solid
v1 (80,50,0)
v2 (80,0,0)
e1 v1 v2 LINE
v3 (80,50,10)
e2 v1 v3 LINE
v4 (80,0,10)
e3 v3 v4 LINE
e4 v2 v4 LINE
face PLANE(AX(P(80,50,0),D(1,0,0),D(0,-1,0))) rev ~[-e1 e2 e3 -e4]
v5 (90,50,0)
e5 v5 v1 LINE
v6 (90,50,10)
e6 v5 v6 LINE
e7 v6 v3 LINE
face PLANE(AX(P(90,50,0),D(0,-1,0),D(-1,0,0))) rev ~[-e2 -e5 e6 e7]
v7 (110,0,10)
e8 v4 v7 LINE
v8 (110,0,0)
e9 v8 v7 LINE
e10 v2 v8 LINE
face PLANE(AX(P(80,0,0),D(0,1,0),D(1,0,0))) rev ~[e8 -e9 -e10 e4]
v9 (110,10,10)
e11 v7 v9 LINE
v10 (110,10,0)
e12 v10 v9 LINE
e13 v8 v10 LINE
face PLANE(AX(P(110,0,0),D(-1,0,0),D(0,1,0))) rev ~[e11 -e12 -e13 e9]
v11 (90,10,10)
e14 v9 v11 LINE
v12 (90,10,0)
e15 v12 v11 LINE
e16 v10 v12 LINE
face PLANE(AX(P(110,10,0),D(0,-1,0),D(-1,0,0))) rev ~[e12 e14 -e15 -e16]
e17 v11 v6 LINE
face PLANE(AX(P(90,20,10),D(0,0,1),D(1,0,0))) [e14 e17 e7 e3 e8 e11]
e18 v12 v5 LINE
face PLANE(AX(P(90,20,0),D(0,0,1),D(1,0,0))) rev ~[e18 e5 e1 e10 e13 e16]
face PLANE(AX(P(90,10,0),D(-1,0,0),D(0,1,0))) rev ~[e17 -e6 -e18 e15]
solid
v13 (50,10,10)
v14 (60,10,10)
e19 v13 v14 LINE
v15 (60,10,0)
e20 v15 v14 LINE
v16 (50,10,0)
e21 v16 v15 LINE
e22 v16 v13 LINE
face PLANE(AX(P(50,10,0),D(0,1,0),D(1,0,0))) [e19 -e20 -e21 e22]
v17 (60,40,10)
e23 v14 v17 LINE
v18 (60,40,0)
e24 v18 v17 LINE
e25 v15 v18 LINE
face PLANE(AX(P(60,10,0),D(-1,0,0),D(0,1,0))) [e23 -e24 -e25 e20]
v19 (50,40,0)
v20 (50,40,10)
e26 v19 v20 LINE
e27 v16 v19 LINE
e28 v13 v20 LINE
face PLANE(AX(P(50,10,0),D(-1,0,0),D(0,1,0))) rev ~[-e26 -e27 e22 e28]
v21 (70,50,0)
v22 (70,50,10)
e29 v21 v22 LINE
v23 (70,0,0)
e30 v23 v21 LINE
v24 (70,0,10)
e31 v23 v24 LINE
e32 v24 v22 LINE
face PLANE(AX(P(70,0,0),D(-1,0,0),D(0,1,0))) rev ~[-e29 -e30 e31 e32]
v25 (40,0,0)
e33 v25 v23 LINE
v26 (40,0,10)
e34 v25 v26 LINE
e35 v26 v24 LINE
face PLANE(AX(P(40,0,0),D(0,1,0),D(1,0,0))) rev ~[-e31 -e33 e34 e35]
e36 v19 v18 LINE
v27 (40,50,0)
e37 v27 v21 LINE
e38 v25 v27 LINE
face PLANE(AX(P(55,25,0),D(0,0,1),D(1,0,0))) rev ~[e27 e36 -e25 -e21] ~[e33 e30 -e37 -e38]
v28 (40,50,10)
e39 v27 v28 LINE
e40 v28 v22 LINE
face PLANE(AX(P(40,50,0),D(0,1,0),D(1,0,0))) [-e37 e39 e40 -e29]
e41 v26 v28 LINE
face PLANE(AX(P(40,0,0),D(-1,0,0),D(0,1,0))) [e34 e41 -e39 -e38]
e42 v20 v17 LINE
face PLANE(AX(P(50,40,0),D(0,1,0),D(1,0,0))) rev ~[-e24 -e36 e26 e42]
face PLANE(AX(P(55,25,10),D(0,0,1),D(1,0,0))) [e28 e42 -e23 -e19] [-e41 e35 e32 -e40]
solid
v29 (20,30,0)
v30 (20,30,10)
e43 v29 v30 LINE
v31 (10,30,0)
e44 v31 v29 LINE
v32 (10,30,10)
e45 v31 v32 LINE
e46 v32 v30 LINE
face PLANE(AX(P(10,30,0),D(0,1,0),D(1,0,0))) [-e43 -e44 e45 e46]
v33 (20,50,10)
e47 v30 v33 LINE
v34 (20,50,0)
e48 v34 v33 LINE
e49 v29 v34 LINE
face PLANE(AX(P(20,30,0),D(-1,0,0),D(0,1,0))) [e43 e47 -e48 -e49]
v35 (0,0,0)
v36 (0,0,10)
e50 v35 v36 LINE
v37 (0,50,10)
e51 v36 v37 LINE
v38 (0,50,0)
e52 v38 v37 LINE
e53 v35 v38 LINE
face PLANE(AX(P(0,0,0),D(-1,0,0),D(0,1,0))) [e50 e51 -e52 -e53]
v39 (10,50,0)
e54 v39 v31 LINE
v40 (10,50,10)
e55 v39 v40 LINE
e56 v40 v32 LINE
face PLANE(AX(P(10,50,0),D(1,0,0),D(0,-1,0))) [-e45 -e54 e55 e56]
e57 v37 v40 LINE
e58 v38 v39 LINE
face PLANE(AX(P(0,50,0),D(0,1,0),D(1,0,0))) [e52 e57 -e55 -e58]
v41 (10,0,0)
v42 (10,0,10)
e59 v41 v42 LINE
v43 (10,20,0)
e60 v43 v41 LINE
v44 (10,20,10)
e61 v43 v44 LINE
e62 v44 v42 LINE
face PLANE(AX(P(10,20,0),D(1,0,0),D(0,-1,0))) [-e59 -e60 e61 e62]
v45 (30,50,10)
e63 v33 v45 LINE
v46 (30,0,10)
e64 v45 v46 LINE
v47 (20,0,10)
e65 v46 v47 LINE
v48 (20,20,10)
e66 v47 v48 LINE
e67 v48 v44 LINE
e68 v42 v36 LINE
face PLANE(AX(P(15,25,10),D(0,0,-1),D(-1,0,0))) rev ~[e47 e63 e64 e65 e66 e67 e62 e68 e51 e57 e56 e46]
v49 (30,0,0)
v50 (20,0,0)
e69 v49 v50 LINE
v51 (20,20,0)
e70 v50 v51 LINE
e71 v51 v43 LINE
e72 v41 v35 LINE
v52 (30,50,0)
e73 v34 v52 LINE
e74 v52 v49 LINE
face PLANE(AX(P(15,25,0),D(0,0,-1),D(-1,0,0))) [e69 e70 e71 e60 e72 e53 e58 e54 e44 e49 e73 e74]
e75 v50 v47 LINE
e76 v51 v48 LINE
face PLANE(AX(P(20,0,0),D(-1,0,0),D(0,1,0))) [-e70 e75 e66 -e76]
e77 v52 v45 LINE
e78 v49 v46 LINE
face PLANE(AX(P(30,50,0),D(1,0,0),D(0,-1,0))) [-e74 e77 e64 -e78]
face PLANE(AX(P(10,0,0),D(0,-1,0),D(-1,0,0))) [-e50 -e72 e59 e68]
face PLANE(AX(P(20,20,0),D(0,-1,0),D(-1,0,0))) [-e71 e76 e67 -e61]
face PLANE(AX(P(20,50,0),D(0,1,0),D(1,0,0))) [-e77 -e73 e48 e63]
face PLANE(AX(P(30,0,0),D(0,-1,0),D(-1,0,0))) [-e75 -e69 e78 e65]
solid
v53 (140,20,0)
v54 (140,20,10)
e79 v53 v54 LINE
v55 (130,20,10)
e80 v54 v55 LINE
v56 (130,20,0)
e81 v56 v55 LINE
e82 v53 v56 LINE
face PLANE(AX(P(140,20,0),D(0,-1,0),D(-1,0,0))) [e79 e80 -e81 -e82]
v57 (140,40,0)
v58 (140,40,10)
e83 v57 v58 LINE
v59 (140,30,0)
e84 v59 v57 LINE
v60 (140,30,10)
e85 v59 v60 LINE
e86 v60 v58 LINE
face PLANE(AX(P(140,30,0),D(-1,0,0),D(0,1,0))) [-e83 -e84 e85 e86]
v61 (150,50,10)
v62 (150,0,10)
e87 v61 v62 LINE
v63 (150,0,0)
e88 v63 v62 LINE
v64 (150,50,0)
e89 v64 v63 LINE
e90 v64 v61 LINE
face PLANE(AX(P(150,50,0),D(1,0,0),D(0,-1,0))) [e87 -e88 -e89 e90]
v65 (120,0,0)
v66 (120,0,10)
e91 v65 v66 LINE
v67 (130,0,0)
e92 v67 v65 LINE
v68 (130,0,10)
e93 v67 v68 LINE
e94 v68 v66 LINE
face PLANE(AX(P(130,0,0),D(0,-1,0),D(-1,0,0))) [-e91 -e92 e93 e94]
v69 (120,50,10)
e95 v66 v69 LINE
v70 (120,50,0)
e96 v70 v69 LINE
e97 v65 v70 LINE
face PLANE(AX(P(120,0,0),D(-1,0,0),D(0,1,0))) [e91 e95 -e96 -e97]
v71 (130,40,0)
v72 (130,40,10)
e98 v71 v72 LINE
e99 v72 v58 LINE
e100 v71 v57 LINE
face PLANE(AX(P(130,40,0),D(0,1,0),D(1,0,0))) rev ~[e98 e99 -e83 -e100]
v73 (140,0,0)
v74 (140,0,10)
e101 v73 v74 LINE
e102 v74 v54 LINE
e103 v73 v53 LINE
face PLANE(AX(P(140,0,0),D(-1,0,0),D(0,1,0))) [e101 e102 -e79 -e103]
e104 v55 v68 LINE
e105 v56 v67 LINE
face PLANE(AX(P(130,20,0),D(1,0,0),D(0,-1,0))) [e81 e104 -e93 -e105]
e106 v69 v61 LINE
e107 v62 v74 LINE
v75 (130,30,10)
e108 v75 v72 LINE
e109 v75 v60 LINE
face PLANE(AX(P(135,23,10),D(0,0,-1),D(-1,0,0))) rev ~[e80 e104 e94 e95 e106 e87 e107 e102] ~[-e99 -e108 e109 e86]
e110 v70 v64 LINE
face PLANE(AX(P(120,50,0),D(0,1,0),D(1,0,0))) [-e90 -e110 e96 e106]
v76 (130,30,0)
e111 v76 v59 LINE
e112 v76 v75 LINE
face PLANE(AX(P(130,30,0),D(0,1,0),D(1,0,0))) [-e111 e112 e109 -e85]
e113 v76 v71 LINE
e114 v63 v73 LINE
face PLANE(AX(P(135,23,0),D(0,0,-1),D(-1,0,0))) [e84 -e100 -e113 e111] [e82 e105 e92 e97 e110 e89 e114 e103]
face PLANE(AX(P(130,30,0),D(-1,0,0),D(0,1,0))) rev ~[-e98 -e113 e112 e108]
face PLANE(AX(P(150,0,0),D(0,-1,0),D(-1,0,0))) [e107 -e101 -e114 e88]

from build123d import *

# Parameters (mm, degrees)
PAD002_DEPTH  = 10
SKETCH001_W   = 30
SKETCH001_H   = 50
SKETCH001_W_2 = 10
SKETCH001_H_2 = 30
PAD001_DEPTH  = 10
PAD003_DEPTH  = 10
SKETCH003_W   = 10
SKETCH003_H   = 10
PAD_DEPTH     = 10


with BuildPart() as h001:
    # Sketch → Pad002 (new body)
    with BuildSketch(Plane.XY):
        Polygon((0, 0), (0, 50), (10, 50), (10, 30), (20, 30), (20, 50), (30, 50), (30, 0), (20, 0), (20, 20), (10, 20), (10, 0), align=None)
    extrude(amount=PAD002_DEPTH)


with BuildPart() as o001:
    # Sketch001 → Pad001 (new body)
    with BuildSketch(Plane.XY):
        with Locations((55, 25)):
            Rectangle(SKETCH001_W, SKETCH001_H)
        with Locations((55, 25)):
            Rectangle(SKETCH001_W_2, SKETCH001_H_2, mode=Mode.SUBTRACT)
    extrude(amount=PAD001_DEPTH)


with BuildPart() as l001:
    # Sketch002 → Pad003 (new body)
    with BuildSketch(Plane.XY):
        Polygon((80, 50), (80, 0), (110, 0), (110, 10), (90, 10), (90, 50), align=None)
    extrude(amount=PAD003_DEPTH)


with BuildPart() as a001:
    # Sketch003 → Pad (new body)
    with BuildSketch(Plane(origin=(120, 0, 0), x_dir=(1, 0, 0), z_dir=(0, 0, 1))):
        Polygon((0, 0), (0, 50), (30, 50), (30, 0), (20, 0), (20, 20), (10, 20), (10, 0), align=None)
        with Locations((15, 35)):
            Rectangle(SKETCH003_W, SKETCH003_H, mode=Mode.SUBTRACT)
    extrude(amount=PAD_DEPTH)


solid = Compound([h001.part, o001.part, l001.part, a001.part])
